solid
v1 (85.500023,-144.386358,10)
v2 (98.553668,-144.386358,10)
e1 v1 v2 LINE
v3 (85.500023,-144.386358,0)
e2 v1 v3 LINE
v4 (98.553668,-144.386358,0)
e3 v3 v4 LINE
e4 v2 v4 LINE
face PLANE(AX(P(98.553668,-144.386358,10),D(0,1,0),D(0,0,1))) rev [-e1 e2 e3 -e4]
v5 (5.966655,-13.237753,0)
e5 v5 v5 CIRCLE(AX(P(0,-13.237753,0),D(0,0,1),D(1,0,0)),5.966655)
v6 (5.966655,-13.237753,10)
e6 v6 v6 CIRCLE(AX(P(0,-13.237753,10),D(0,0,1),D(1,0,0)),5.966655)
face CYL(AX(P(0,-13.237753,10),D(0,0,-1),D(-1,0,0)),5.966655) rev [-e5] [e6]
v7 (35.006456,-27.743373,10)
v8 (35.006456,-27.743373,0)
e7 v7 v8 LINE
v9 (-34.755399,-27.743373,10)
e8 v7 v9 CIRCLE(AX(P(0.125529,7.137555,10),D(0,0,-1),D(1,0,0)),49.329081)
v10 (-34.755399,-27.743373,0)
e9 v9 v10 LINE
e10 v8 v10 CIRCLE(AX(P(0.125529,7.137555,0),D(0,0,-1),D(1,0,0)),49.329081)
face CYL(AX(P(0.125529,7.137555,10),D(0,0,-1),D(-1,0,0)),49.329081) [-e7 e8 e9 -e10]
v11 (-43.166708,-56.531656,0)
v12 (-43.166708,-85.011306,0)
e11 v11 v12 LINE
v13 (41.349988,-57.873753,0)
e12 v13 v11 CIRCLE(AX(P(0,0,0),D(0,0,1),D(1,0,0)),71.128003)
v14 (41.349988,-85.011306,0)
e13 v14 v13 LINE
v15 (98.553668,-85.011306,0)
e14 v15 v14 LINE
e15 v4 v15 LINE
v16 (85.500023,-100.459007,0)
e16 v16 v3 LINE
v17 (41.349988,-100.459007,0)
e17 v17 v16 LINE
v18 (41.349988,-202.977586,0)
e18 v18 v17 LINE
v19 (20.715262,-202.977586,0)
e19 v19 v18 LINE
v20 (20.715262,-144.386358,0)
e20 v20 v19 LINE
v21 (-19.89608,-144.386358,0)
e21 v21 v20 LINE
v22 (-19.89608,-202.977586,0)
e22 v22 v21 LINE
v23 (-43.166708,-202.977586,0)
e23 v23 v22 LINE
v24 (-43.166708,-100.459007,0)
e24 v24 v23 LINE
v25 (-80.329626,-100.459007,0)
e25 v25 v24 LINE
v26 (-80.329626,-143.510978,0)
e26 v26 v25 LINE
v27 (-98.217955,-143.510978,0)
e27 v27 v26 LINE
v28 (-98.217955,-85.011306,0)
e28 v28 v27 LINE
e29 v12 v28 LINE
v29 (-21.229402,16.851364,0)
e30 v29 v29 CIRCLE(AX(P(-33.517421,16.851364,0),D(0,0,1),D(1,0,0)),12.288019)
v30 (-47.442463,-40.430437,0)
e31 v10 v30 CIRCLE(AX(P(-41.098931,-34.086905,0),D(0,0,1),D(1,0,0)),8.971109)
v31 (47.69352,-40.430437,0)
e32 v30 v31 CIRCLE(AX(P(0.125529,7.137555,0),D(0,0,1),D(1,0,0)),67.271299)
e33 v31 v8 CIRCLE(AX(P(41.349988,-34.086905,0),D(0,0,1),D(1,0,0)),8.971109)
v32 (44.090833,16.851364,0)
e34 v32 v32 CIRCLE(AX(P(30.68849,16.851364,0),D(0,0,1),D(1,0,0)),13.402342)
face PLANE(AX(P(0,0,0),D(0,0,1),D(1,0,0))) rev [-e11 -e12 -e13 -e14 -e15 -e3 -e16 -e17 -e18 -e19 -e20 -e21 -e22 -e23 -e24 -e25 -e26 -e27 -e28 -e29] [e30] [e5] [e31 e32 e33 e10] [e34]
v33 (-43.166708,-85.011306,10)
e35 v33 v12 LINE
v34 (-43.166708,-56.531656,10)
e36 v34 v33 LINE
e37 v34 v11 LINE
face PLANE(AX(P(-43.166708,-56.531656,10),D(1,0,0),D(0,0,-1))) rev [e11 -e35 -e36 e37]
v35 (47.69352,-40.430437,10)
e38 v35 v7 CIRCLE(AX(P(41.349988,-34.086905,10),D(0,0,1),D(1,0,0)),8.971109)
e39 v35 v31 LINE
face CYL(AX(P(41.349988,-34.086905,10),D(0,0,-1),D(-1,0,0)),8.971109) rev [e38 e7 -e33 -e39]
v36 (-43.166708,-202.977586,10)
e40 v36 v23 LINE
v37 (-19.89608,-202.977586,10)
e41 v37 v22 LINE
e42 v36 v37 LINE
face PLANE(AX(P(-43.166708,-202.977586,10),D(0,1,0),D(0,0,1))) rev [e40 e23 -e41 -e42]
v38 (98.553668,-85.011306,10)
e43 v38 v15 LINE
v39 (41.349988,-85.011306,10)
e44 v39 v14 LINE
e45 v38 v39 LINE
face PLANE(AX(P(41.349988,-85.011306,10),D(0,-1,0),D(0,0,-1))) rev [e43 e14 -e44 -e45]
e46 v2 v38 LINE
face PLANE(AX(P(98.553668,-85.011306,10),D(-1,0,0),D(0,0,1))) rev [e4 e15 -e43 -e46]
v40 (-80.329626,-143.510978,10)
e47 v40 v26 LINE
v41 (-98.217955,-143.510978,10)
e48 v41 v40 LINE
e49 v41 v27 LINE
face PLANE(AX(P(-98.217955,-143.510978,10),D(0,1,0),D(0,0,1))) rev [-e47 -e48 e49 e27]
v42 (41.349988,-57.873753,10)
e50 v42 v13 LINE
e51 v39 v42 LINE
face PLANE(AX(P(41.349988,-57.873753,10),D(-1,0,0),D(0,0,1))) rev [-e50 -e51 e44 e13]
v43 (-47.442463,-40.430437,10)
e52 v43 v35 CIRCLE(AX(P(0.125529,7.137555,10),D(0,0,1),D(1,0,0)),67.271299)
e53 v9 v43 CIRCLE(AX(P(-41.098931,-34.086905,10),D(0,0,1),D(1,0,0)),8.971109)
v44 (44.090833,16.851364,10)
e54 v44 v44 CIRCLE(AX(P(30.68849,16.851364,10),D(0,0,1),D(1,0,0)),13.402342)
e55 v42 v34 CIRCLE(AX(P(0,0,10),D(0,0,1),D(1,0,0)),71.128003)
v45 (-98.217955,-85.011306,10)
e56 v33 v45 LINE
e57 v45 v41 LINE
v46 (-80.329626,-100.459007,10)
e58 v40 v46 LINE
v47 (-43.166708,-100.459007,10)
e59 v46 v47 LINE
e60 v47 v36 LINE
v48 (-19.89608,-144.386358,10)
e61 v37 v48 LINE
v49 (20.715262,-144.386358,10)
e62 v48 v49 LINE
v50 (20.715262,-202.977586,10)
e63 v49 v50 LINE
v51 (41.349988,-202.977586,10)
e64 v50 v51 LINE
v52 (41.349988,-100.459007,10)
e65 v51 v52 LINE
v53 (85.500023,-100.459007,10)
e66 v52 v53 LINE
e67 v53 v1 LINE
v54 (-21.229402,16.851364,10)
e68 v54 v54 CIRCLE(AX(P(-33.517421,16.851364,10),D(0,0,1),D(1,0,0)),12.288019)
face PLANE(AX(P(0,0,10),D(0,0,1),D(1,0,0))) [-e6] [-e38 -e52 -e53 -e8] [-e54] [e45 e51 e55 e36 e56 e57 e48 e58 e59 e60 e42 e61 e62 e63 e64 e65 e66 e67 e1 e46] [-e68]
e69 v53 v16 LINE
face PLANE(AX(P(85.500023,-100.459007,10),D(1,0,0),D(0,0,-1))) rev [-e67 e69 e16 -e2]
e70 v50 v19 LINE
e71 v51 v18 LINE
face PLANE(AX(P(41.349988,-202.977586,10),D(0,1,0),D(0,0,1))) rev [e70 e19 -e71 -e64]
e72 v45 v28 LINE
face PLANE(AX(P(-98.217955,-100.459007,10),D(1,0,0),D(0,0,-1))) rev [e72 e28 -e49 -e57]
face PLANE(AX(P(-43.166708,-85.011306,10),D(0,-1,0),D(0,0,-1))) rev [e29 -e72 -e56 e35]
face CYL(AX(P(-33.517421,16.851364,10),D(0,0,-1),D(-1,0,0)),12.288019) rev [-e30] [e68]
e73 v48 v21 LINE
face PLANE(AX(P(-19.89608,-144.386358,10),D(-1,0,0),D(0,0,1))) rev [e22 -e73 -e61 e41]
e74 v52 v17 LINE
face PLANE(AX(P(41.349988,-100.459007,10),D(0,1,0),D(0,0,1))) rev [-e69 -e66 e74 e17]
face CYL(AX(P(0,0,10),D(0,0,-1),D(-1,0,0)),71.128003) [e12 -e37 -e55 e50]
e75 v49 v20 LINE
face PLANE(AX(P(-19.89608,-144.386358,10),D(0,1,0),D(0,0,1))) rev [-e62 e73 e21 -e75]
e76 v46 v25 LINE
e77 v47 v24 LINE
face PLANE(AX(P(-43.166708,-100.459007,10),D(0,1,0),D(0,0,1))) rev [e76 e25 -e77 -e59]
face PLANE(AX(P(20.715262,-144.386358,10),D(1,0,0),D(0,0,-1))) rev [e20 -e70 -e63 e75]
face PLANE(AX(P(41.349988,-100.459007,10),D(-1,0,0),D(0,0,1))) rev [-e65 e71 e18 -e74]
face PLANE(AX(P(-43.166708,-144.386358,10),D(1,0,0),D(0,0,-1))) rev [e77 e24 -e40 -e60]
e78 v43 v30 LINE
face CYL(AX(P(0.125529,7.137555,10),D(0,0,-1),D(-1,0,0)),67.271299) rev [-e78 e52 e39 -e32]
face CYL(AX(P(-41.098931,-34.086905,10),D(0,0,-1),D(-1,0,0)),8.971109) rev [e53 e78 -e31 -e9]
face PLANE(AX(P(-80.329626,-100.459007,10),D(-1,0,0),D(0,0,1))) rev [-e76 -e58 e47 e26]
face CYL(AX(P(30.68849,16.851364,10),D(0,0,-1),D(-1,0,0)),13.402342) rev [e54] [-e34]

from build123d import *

# Parameters (mm, degrees)
SKETCH1_R           = 12.288018633
SKETCH1_R_2         = 13.402342443
SKETCH1_R_3         = 5.966655134
BOSS_EXTRUDE1_DEPTH = 10


with BuildPart() as part:
    # Sketch1 → Boss-Extrude1 (new body)
    with BuildSketch(Plane.XY):
        with BuildLine():
            Line((-43.16670826, -100.459006624), (-43.16670826, -144.386357681))
            Line((-43.16670826, -144.386357681), (-43.16670826, -202.977586365))
            Line((-43.16670826, -202.977586365), (-19.89608029, -202.977586365))
            Line((-19.89608029, -202.977586365), (-19.89608029, -144.386357681))
            Line((-19.89608029, -144.386357681), (20.715262102, -144.386357681))
            Line((20.715262102, -144.386357681), (20.715262102, -202.977586365))
            Line((20.715262102, -202.977586365), (41.349988273, -202.977586365))
            Line((41.349988273, -202.977586365), (41.349988273, -144.386357681))
            Line((41.349988273, -144.386357681), (41.349988273, -100.459006624))
            Line((41.349988273, -100.459006624), (85.500022586, -100.459006624))
            Line((85.500022586, -100.459006624), (85.500022586, -144.386357681))
            Line((85.500022586, -144.386357681), (98.553668355, -144.386357681))
            Line((98.553668355, -144.386357681), (98.553668355, -100.459006624))
            Line((98.553668355, -100.459006624), (98.553668355, -85.011306082))
            Line((98.553668355, -85.011306082), (41.349988273, -85.011306082))
            Line((41.349988273, -85.011306082), (41.349988273, -57.873752711))
            ThreePointArc((41.349988273, -57.873752711), (1.129346742, 71.119036544), (-43.16670826, -56.531655566))
            Line((-43.16670826, -56.531655566), (-43.16670826, -85.011306082))
            Line((-43.16670826, -85.011306082), (-98.217954904, -85.011306082))
            Line((-98.217954904, -85.011306082), (-98.217954904, -100.459006624))
            Line((-98.217954904, -100.459006624), (-98.217954904, -143.510977861))
            Line((-98.217954904, -143.510977861), (-80.329625517, -143.510977861))
            Line((-80.329625517, -143.510977861), (-80.329625517, -100.459006624))
            Line((-80.329625517, -100.459006624), (-43.16670826, -100.459006624))
        make_face()
        with Locations((-33.517420804, 16.851364033)):
            Circle(SKETCH1_R, mode=Mode.SUBTRACT)
        with Locations((30.688490145, 16.851364033)):
            Circle(SKETCH1_R_2, mode=Mode.SUBTRACT)
        with Locations((0, -13.237752907)):
            Circle(SKETCH1_R_3, mode=Mode.SUBTRACT)
        with BuildLine():
            ThreePointArc((-47.4424626, -40.430436817), (0.125528844, -60.133744008), (47.693520288, -40.430436817))
            ThreePointArc((47.693520288, -40.430436817), (47.693520288, -27.743372786), (35.006456257, -27.743372786))
            ThreePointArc((35.006456257, -27.743372786), (0.125528844, -42.191525989), (-34.755398569, -27.743372786))
            ThreePointArc((-34.755398569, -27.743372786), (-47.4424626, -27.743372786), (-47.4424626, -40.430436817))
        make_face(mode=Mode.SUBTRACT)
    extrude(amount=BOSS_EXTRUDE1_DEPTH)


solid = part.part
